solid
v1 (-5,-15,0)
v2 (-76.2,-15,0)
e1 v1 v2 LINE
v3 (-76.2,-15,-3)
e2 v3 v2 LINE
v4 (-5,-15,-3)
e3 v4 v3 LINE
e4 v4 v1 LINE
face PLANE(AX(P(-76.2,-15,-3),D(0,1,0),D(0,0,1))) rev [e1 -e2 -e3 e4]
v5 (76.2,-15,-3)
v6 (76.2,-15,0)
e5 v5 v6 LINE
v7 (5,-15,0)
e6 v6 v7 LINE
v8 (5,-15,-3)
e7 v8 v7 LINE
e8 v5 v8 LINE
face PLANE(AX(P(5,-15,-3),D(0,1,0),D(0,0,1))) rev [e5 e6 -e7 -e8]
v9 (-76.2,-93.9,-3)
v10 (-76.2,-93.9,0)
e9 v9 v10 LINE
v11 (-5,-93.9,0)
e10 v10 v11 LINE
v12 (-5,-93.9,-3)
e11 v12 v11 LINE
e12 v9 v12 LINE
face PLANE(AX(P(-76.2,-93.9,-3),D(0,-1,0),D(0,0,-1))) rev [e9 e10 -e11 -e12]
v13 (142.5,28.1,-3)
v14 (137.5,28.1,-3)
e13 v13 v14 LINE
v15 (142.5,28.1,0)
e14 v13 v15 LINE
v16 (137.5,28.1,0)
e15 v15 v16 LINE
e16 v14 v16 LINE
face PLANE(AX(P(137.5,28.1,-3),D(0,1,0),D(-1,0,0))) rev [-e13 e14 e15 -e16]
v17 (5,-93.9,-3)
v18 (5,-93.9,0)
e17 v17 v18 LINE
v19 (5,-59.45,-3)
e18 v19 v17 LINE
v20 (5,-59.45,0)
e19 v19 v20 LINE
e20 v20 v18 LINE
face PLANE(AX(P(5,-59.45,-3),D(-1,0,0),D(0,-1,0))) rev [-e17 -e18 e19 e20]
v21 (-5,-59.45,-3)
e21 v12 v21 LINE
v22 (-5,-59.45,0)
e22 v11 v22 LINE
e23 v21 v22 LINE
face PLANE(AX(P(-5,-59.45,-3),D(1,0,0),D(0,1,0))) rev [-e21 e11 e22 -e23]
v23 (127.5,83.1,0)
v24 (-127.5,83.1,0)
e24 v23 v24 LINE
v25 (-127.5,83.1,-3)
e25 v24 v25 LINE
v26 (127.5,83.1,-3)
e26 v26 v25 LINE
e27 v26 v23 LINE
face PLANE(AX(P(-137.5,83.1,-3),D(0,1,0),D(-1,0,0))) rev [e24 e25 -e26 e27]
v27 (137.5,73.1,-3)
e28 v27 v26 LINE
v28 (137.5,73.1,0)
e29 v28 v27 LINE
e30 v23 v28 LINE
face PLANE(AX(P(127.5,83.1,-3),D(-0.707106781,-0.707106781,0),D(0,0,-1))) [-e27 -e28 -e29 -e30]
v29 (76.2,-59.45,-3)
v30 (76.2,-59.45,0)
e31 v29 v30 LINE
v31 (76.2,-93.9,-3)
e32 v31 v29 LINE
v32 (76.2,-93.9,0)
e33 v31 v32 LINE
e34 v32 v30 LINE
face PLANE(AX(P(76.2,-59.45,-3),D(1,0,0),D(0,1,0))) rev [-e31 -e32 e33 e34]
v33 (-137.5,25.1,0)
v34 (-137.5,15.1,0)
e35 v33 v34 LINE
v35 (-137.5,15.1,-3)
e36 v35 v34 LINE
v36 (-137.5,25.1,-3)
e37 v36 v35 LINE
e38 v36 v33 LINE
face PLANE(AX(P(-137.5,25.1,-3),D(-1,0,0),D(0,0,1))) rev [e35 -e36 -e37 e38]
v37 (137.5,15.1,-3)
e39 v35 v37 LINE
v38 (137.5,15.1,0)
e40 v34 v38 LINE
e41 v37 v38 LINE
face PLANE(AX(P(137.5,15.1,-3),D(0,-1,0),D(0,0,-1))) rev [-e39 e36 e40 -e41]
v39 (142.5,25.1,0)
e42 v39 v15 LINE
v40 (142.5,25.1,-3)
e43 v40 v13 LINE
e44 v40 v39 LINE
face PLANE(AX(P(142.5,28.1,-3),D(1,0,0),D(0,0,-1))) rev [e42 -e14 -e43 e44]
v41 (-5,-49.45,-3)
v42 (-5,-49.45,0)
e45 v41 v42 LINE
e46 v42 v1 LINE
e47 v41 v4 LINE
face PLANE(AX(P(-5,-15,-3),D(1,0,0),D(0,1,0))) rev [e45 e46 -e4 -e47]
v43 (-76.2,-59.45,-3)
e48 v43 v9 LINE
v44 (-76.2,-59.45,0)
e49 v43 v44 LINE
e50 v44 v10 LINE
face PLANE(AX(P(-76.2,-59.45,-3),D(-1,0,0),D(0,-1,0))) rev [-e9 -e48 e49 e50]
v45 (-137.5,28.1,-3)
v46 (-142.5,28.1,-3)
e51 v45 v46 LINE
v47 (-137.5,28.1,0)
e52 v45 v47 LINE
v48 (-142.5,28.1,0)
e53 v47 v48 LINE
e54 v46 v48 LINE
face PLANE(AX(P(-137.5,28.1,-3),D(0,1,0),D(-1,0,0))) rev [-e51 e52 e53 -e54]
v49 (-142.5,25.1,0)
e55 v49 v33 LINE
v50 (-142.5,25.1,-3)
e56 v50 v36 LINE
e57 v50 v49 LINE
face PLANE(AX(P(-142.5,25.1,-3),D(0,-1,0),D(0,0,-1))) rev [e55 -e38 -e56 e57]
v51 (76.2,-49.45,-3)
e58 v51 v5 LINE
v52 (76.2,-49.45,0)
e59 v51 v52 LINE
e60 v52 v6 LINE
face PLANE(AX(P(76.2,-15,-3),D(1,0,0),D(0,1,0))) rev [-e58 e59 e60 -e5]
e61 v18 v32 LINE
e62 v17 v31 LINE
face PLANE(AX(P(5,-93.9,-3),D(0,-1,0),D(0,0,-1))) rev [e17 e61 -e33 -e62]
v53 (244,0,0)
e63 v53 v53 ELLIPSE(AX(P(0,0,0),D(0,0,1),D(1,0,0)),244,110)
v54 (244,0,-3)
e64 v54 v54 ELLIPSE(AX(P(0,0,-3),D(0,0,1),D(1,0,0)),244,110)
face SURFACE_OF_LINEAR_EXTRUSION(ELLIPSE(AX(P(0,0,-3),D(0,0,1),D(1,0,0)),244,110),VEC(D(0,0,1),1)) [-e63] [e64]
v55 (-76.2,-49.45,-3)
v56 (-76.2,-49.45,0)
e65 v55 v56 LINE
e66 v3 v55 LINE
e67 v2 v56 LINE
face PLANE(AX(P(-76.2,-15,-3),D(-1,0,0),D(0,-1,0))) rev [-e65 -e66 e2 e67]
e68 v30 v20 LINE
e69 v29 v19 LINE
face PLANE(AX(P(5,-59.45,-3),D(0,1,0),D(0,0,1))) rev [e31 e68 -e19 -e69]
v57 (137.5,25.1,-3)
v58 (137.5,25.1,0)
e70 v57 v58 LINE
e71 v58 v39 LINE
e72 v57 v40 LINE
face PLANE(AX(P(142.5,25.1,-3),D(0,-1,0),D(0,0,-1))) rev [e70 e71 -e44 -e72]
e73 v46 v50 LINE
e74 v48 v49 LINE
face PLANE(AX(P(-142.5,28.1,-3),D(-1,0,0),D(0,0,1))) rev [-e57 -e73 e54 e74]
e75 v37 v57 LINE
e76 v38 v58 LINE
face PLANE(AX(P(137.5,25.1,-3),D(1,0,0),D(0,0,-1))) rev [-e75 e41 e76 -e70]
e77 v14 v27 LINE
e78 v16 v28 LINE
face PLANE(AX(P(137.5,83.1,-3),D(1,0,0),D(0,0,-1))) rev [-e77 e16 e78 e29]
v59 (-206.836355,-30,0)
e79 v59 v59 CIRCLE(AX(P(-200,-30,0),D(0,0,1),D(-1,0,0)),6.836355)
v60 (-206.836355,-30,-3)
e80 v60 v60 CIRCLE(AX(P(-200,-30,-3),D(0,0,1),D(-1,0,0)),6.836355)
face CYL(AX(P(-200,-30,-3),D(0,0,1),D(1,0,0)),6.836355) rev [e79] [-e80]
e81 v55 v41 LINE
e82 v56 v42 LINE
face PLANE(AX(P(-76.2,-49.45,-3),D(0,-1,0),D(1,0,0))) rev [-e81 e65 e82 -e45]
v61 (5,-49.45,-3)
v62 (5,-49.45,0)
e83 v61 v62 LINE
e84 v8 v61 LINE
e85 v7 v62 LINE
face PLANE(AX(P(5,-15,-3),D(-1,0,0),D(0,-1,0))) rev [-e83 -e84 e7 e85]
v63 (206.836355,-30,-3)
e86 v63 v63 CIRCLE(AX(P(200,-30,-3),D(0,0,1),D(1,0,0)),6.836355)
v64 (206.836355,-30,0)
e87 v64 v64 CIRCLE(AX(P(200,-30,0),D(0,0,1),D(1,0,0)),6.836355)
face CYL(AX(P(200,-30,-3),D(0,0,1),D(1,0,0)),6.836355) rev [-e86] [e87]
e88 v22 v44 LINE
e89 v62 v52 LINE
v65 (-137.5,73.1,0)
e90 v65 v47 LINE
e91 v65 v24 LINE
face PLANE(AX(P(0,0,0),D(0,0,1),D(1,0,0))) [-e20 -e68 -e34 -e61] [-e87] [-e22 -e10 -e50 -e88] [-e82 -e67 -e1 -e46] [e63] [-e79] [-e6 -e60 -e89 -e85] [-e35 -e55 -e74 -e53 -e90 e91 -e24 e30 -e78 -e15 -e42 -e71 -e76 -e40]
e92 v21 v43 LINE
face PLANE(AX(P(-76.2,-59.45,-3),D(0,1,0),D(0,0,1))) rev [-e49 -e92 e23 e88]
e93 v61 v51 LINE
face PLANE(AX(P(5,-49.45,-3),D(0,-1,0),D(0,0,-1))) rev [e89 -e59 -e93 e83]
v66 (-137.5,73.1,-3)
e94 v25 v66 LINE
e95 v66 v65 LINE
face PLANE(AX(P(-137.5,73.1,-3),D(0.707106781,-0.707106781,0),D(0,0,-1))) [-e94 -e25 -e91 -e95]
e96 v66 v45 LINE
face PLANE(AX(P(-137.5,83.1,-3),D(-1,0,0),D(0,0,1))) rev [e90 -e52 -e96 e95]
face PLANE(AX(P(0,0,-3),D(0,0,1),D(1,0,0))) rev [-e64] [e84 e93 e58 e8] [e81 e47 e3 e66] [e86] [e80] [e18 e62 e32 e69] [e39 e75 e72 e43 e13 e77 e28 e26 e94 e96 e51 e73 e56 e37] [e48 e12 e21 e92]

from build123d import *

# Parameters (mm, degrees)
SKETCH1_RX          = 244
SKETCH1_RY          = 110
BOSS_EXTRUDE1_DEPTH = 3
CUT_EXTRUDE5_DEPTH  = 4
SKETCH13_W          = 71.2
SKETCH13_H          = 34.45
CUT_EXTRUDE7_DEPTH  = 4
SKETCH12_R          = 6.83635542
CUT_EXTRUDE8_DEPTH  = 4
CHAMFER1_SIZE       = 10


with BuildPart() as part:
    # Sketch1 → Boss-Extrude1 (new body)
    with BuildSketch(Plane.XY):
        with Locations((0, 0)):
            Ellipse(SKETCH1_RX, SKETCH1_RY)
    extrude(amount=-BOSS_EXTRUDE1_DEPTH)

    # Sketch10 → Cut-Extrude5 (cut, through all)
    with BuildSketch(Plane.XY):
        Polygon((-137.5, 83.1), (137.5, 83.1), (137.5, 28.1), (142.5, 28.1), (142.5, 25.1), (137.5, 25.1), (137.5, 15.1), (-137.5, 15.1), (-137.5, 25.1), (-142.5, 25.1), (-142.5, 28.1), (-137.5, 28.1), align=None)
    extrude(amount=-CUT_EXTRUDE5_DEPTH, mode=Mode.SUBTRACT)

    # Sketch13 → Cut-Extrude7 (cut, through all)
    with BuildSketch(Plane.XY):
        with Locations((-40.6, -32.225)):
            Rectangle(SKETCH13_W, SKETCH13_H)
        with Locations((-40.6, -76.675)):
            Rectangle(SKETCH13_W, SKETCH13_H)
        with Locations((40.6, -32.225)):
            Rectangle(SKETCH13_W, SKETCH13_H)
        with Locations((40.6, -76.675)):
            Rectangle(SKETCH13_W, SKETCH13_H)
    extrude(amount=-CUT_EXTRUDE7_DEPTH, mode=Mode.SUBTRACT)

    # Sketch12 → Cut-Extrude8 (cut, through all)
    with BuildSketch(Plane.XY):
        with Locations((200, -30)):
            Circle(SKETCH12_R)
        with Locations((-200, -30)):
            Circle(SKETCH12_R)
    extrude(amount=-CUT_EXTRUDE8_DEPTH, mode=Mode.SUBTRACT)

    # Chamfer1
    chamfer1_edges = [part.edges().sort_by_distance(p)[0] for p in [
        (-137.5, 83.1, -1.5),
        (137.5, 83.1, -1.5),
    ]]
    chamfer(chamfer1_edges, length=CHAMFER1_SIZE)


solid = part.part
